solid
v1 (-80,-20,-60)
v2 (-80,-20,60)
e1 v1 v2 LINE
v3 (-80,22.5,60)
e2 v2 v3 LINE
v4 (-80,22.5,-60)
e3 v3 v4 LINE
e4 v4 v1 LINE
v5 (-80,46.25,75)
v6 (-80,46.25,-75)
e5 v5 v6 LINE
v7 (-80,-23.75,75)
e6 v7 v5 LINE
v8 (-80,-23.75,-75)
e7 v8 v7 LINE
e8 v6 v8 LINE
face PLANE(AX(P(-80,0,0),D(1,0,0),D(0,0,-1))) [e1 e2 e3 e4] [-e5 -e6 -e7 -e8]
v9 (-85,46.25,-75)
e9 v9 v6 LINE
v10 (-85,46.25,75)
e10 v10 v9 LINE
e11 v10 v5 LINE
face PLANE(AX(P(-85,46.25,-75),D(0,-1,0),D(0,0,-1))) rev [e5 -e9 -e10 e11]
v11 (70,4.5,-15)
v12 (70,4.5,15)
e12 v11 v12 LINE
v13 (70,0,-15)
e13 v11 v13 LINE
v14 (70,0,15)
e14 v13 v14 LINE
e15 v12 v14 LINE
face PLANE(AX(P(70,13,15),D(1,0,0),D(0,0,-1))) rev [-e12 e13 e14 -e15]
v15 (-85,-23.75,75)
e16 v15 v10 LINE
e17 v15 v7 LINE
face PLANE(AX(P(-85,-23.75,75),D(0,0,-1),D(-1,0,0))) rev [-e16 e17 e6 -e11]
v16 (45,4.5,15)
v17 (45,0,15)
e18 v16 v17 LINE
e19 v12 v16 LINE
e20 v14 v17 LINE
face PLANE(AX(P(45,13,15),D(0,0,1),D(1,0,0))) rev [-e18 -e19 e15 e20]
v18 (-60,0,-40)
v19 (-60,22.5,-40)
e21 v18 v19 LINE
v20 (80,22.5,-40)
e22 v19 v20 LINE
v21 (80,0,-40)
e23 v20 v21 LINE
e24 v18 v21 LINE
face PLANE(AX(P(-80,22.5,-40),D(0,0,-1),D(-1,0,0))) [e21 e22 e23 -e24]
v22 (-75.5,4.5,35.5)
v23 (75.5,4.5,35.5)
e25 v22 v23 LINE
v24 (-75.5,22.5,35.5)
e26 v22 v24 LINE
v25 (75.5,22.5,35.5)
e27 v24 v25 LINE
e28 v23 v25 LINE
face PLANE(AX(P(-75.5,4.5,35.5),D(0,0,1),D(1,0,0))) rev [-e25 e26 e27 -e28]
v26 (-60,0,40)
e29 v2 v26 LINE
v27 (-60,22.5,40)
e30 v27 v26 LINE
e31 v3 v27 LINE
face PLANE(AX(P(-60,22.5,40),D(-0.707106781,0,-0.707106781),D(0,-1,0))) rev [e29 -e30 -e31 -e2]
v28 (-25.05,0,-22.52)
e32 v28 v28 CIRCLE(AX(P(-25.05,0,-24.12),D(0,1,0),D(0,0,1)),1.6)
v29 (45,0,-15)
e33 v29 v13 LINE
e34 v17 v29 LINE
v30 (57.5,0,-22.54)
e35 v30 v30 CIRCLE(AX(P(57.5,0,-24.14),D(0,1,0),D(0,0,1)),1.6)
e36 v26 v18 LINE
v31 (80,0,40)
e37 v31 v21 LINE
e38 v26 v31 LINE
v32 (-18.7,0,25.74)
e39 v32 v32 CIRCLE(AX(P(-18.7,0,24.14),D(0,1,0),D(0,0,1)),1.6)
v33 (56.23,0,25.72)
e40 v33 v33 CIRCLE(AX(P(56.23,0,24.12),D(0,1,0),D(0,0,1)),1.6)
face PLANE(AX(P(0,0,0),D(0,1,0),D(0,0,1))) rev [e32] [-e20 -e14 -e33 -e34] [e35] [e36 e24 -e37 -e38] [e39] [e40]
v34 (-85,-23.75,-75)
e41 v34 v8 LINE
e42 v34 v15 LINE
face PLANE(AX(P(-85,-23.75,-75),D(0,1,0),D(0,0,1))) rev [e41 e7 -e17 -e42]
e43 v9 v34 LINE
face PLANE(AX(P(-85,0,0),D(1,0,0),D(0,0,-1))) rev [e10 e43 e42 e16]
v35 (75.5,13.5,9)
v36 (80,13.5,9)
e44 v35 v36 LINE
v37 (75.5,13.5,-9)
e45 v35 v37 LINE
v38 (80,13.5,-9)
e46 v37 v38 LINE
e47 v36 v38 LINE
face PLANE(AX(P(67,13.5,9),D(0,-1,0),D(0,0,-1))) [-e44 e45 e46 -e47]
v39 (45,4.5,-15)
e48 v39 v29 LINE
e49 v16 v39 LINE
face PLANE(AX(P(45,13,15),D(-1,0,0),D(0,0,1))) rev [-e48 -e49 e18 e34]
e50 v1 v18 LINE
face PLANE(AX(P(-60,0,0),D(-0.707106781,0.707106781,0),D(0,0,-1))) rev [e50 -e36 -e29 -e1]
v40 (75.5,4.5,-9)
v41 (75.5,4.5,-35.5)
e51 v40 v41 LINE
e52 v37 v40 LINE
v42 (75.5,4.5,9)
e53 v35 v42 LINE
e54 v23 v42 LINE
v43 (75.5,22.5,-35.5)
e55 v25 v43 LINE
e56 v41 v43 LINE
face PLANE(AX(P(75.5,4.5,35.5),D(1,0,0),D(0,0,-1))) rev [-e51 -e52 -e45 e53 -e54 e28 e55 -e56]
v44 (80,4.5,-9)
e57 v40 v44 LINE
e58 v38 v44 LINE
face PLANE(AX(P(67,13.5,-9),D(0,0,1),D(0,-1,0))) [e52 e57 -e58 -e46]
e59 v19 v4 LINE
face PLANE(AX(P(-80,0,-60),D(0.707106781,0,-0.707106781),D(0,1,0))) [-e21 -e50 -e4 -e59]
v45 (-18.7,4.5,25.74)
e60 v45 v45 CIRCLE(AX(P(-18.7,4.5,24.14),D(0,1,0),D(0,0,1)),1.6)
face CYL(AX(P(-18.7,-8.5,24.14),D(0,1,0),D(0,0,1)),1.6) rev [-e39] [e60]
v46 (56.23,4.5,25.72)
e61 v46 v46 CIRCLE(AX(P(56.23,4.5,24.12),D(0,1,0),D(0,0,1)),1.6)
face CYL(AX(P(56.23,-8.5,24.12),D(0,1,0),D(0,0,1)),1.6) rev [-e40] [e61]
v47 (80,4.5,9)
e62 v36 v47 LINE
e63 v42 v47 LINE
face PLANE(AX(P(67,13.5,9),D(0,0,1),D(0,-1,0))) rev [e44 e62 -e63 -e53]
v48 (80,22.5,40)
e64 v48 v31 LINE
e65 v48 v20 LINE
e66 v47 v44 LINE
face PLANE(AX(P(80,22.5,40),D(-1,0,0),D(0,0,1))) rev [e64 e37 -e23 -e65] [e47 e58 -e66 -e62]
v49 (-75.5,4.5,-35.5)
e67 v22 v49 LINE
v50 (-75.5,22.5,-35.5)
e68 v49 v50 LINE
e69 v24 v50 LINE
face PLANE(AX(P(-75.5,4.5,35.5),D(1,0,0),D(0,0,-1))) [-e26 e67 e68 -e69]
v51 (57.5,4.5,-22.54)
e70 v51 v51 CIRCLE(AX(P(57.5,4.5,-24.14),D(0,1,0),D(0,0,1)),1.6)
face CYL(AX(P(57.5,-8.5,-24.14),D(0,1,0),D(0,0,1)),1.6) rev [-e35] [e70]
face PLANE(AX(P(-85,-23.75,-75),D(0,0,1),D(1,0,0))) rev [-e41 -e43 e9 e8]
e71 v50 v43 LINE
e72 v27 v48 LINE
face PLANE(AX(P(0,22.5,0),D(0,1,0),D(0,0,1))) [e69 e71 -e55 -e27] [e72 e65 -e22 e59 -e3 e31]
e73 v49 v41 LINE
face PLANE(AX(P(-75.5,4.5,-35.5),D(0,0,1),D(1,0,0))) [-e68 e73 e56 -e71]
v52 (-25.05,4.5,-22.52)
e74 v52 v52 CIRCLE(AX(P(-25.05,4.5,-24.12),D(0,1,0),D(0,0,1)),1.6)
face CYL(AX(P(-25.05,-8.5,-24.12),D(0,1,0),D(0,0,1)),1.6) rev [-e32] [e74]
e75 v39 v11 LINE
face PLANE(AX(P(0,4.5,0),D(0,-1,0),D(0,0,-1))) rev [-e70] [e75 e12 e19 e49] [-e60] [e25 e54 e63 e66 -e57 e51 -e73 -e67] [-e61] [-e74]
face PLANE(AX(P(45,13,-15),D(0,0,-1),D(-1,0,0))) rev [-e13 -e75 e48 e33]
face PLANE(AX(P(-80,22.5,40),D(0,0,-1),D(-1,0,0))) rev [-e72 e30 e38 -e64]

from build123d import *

# Parameters (mm, degrees)
SKETCH1_W           = 160
SKETCH1_H           = 80
BOSS_EXTRUDE1_DEPTH = 22.5
SKETCH2_W           = 151
SKETCH2_H           = 71
CUT_EXTRUDE1_DEPTH  = 18
SKETCH3_W           = 150
SKETCH3_H           = 70
BOSS_EXTRUDE2_DEPTH = 5
SKETCH4_W           = 18
SKETCH4_H           = 9
CUT_EXTRUDE3_DEPTH  = 13
SKETCH6_R           = 1.6
CUT_EXTRUDE5_DEPTH  = 13
SKETCH5_W           = 25
SKETCH5_H           = 30
CUT_EXTRUDE6_DEPTH  = 13
CHAMFER3_SIZE       = 20


with BuildPart() as part:
    # Sketch1 → Boss-Extrude1 (new body)
    with BuildSketch(Plane(origin=(0, 0, 0), x_dir=(1, 0, 0), z_dir=(0, 1, 0))):
        Rectangle(SKETCH1_W, SKETCH1_H)
    extrude(amount=BOSS_EXTRUDE1_DEPTH)

    # Sketch2 → Cut-Extrude1 (cut)
    with BuildSketch(Plane(origin=(0, 22.5, 0), x_dir=(1, 0, 0), z_dir=(0, 1, 0))):
        Rectangle(SKETCH2_W, SKETCH2_H)
    extrude(amount=-CUT_EXTRUDE1_DEPTH, mode=Mode.SUBTRACT)

    # Sketch3 → Boss-Extrude2 (add)
    with BuildSketch(Plane.ZY.offset(80)):
        with Locations((0, 11.25)):
            Rectangle(SKETCH3_W, SKETCH3_H)
    extrude(amount=BOSS_EXTRUDE2_DEPTH)

    # Sketch4 → Cut-Extrude3 (cut)
    with BuildSketch(Plane(origin=(80, 0, 0), x_dir=(0, 0, -1), z_dir=(1, 0, 0))):
        with Locations((0, 9)):
            Rectangle(SKETCH4_W, SKETCH4_H)
    extrude(amount=-CUT_EXTRUDE3_DEPTH, mode=Mode.SUBTRACT)

    # Sketch6 → Cut-Extrude5 (cut)
    with BuildSketch(Plane(origin=(0, 4.5, 0), x_dir=(1, 0, 0), z_dir=(0, 1, 0))):
        with Locations((57.5, 24.14)):
            Circle(SKETCH6_R)
        with Locations((56.23, -24.12)):
            Circle(SKETCH6_R)
        with Locations((-18.7, -24.14)):
            Circle(SKETCH6_R)
        with Locations((-25.05, 24.12)):
            Circle(SKETCH6_R)
    extrude(amount=-CUT_EXTRUDE5_DEPTH, mode=Mode.SUBTRACT)

    # Sketch5 → Cut-Extrude6 (cut)
    with BuildSketch(Plane.XZ):
        with Locations((57.5, 0)):
            Rectangle(SKETCH5_W, SKETCH5_H)
    extrude(amount=-CUT_EXTRUDE6_DEPTH, mode=Mode.SUBTRACT)

    # Chamfer3
    chamfer3_edges = [part.edges().sort_by_distance(p)[0] for p in [
        (-80, 0, 0),
        (-80, 11.25, 40),
        (-80, 11.25, -40),
    ]]
    chamfer(chamfer3_edges, length=CHAMFER3_SIZE)


solid = part.part
